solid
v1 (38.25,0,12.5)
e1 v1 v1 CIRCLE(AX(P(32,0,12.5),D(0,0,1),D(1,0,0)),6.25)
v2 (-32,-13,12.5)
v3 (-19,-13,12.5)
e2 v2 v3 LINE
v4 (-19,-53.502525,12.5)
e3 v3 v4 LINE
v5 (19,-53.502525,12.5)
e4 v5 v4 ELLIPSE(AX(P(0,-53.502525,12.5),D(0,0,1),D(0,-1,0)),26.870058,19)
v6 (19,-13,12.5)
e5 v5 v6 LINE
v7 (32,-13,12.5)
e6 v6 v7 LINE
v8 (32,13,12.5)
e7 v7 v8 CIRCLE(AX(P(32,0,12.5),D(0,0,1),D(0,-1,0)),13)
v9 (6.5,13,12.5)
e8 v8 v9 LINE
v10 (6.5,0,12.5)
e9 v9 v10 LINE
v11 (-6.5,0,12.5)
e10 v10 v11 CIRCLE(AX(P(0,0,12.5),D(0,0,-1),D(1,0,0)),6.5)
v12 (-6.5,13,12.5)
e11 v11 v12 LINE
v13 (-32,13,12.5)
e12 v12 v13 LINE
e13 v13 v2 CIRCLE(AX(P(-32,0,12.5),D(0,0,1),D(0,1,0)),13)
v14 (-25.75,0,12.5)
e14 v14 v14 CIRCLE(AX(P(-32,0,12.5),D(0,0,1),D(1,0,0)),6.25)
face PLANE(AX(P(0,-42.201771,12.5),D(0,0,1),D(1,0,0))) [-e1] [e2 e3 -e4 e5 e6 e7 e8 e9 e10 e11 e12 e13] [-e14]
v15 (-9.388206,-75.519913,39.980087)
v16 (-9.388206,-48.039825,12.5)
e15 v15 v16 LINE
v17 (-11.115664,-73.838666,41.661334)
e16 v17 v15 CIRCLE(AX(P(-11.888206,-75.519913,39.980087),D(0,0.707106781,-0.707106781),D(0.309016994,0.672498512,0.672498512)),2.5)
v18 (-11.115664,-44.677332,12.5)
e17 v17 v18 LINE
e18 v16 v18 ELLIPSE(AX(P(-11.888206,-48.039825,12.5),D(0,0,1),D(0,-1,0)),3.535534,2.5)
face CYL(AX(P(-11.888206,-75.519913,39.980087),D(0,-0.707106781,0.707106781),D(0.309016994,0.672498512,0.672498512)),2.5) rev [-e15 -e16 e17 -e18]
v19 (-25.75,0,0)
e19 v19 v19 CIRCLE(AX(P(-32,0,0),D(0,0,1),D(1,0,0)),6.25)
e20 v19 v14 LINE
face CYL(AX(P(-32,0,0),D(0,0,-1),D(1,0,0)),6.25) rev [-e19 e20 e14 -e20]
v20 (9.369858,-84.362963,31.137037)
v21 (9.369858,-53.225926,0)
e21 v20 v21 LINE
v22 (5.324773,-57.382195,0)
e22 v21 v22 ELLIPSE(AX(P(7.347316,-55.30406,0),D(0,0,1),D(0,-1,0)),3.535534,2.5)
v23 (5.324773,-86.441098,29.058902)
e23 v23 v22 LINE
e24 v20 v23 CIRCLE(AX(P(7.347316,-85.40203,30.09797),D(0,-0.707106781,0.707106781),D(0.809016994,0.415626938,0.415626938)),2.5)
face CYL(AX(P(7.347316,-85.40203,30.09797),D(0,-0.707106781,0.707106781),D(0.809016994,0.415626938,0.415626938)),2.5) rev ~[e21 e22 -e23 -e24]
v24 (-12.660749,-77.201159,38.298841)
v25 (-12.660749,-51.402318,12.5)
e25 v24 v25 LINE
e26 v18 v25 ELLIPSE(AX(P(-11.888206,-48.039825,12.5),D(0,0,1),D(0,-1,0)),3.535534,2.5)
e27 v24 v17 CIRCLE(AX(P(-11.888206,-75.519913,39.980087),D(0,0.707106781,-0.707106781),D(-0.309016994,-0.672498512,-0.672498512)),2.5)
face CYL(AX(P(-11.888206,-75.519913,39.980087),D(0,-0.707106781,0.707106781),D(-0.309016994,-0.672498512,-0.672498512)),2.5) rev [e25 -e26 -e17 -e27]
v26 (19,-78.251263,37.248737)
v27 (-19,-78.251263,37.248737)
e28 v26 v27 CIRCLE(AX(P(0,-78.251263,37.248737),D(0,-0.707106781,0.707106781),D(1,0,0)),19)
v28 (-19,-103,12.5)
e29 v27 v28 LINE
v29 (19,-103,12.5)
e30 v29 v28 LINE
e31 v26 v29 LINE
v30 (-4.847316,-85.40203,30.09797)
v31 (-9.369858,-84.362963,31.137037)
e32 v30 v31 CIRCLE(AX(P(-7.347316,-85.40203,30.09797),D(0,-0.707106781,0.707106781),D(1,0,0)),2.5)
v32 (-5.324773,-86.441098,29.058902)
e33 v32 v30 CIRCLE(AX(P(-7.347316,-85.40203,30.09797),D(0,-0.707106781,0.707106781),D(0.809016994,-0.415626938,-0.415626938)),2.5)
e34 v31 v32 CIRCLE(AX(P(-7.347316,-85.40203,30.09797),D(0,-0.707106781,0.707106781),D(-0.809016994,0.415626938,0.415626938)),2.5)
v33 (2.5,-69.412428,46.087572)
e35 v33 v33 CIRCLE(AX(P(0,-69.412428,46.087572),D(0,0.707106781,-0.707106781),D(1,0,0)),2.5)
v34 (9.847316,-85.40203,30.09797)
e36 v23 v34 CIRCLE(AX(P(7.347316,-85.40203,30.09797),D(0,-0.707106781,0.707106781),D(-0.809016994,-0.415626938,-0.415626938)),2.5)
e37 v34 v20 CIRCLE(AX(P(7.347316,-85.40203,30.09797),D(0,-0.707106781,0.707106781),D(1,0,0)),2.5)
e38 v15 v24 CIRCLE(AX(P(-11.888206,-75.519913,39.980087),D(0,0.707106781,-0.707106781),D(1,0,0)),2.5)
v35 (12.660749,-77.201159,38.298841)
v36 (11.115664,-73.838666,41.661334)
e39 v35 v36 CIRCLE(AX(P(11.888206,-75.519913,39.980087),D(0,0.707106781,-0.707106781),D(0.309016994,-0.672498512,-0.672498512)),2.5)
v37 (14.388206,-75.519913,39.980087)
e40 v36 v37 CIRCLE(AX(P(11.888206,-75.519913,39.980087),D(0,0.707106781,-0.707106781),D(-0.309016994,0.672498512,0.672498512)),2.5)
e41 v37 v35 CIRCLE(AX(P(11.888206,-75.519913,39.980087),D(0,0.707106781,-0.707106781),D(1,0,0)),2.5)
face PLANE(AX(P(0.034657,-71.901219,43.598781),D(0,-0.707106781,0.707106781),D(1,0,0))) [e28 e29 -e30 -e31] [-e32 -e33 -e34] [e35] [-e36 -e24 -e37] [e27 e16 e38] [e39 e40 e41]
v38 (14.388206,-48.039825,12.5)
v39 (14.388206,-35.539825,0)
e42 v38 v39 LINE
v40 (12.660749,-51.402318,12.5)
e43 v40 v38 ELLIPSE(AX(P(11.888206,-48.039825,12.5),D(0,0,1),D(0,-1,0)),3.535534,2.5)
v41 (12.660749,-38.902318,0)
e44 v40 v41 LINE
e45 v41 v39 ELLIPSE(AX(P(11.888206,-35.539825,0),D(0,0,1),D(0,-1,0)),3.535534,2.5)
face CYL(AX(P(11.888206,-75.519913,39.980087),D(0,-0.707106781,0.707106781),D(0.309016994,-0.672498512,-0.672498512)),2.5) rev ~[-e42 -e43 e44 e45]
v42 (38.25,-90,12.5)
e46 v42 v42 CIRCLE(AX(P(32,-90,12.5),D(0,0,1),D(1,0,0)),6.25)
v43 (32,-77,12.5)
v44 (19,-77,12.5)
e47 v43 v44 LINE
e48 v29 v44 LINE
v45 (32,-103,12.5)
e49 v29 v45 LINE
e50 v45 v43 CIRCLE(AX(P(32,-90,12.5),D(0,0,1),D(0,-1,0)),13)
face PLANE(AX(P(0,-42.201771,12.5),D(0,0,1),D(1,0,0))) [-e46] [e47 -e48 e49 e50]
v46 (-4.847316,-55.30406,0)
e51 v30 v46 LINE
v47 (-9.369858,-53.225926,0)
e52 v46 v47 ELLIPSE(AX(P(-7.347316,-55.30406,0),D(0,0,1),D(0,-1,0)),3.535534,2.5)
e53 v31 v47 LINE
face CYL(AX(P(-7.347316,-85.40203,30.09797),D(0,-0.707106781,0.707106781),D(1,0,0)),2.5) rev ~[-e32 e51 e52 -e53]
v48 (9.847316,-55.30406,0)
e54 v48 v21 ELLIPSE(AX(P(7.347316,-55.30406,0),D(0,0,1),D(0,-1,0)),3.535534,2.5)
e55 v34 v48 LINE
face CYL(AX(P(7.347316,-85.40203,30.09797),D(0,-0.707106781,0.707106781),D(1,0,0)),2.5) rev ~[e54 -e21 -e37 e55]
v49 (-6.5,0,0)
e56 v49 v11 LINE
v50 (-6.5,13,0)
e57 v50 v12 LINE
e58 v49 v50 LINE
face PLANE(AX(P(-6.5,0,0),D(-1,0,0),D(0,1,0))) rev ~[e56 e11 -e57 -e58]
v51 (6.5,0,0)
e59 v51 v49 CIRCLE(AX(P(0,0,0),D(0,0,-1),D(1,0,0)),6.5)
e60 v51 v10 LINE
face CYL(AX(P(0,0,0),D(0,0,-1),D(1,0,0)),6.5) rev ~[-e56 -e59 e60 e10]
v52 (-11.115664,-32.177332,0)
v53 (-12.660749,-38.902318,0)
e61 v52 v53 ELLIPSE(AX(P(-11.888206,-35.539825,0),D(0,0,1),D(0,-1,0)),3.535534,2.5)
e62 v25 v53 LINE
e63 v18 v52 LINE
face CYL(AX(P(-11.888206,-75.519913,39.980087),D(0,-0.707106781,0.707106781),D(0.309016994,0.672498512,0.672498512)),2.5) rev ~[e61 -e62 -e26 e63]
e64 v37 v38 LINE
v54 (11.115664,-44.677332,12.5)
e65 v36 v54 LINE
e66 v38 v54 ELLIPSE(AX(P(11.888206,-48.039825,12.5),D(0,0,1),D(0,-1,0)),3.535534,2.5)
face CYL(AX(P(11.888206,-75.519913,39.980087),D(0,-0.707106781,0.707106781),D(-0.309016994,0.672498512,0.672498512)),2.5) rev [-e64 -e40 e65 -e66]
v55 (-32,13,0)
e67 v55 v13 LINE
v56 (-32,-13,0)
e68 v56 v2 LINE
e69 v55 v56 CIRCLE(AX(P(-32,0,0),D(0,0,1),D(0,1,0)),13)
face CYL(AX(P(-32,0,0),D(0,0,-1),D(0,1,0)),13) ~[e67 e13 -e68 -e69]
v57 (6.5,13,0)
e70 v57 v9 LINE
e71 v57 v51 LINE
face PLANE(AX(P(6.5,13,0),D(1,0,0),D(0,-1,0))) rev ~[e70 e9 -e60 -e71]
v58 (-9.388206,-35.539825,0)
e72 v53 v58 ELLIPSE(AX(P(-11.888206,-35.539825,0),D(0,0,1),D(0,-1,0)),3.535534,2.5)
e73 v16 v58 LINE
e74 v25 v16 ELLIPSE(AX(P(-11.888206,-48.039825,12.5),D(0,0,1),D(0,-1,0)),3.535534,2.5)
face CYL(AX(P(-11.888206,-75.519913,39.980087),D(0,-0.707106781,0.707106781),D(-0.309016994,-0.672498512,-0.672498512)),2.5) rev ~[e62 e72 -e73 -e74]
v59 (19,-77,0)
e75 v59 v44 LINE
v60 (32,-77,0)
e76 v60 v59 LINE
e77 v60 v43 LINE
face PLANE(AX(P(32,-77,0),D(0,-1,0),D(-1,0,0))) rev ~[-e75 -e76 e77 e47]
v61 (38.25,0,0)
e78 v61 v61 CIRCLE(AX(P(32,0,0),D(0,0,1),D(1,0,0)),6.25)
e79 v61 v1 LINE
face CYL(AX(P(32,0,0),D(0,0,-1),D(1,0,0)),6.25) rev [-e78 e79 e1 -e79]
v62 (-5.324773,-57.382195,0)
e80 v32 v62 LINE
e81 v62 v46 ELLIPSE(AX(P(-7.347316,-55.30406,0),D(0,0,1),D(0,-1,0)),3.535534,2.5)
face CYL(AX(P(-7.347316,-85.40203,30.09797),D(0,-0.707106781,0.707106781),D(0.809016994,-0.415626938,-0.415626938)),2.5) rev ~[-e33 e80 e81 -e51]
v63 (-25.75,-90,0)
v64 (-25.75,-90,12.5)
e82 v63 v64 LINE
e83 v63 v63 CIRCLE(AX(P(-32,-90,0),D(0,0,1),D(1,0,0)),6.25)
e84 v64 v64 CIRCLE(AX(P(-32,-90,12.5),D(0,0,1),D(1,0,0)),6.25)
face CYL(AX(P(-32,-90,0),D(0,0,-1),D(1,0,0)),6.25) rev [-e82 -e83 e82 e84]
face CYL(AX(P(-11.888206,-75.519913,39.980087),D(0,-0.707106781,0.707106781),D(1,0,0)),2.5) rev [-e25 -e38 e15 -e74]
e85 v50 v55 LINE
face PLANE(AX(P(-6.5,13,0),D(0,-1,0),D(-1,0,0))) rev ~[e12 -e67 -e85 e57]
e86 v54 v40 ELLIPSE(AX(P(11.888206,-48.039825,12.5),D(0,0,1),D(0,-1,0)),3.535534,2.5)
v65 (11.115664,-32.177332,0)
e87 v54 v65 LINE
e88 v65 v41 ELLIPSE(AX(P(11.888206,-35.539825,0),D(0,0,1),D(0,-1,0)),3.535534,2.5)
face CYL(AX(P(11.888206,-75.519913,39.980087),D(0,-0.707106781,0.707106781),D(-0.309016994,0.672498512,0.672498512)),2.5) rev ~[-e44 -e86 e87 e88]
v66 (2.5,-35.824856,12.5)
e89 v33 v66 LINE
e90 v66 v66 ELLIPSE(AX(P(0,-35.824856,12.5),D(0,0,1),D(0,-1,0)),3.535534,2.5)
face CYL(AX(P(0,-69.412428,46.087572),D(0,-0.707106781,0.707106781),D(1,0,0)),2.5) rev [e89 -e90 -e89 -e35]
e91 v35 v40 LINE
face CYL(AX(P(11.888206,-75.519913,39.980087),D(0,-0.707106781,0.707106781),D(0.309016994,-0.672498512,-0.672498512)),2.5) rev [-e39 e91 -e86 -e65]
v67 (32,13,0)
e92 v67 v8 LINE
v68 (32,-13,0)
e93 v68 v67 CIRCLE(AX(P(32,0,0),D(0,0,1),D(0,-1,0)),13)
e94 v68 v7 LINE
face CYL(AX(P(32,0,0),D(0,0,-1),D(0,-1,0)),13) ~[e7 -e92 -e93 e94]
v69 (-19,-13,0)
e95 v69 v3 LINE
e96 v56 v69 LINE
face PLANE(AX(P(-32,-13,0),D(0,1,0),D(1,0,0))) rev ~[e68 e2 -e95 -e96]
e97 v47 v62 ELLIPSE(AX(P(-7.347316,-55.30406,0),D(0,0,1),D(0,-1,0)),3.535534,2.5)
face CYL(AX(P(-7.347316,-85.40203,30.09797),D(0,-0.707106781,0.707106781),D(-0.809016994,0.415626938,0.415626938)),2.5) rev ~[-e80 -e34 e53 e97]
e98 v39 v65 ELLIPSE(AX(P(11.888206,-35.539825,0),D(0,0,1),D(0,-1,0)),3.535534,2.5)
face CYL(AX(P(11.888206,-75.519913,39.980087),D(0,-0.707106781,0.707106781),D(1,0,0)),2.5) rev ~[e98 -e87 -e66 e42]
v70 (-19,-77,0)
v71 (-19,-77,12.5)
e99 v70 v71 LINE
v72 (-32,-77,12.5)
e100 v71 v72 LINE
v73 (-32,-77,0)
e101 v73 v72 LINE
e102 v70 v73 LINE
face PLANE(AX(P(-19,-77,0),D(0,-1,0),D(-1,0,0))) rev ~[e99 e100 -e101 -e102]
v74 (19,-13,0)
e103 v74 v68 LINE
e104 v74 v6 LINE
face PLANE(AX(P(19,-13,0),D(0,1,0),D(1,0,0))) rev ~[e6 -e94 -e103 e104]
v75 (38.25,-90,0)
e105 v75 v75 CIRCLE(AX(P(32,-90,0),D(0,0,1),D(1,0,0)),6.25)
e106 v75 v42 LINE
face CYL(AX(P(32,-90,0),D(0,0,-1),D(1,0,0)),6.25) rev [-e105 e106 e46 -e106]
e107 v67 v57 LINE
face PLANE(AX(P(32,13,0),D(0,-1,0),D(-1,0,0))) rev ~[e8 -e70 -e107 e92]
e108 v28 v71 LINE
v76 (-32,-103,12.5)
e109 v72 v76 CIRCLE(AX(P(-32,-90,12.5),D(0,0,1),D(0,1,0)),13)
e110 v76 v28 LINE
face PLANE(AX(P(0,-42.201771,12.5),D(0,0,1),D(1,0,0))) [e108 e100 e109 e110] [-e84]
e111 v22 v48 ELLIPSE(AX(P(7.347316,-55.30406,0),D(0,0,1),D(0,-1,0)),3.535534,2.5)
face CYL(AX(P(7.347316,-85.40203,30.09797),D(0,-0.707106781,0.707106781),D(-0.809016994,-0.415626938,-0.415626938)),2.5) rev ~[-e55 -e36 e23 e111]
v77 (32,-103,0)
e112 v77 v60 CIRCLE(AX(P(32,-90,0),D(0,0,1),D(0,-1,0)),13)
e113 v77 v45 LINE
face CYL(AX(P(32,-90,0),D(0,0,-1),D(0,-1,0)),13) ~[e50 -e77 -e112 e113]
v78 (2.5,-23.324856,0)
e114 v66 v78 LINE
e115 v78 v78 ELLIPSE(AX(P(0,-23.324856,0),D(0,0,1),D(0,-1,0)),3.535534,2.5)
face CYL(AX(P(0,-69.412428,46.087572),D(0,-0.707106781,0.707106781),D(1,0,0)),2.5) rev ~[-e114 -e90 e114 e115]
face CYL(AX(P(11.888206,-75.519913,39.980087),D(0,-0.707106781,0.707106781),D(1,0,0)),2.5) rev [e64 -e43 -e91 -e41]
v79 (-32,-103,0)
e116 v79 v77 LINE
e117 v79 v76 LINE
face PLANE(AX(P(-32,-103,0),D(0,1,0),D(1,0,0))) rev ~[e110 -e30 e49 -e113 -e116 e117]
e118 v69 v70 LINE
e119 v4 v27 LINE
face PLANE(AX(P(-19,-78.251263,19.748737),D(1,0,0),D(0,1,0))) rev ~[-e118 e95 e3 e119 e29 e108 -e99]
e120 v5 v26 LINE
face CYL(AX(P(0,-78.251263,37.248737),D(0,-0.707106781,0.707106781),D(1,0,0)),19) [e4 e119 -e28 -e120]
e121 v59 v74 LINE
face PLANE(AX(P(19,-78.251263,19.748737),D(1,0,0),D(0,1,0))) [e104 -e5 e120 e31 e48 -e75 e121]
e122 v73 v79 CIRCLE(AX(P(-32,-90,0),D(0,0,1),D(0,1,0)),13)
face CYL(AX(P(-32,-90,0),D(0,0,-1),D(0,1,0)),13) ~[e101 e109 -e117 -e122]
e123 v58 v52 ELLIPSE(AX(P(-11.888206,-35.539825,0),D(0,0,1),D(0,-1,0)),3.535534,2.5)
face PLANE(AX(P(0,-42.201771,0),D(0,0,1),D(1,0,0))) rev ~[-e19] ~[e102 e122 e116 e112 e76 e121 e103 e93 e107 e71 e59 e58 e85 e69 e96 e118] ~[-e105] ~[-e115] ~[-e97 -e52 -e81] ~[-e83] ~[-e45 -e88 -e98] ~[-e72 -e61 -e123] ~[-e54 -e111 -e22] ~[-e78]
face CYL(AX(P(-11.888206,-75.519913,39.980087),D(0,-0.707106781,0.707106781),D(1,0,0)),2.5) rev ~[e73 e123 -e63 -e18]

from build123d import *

# Parameters (mm, degrees)
F0_R     = 6.25
F1_DEPTH = 12.5
F3_DEPTH = 19
F6_DEPTH = 90.8642213825


with BuildPart() as f1:
    # F0 (on Top) → F1 (new body)
    with BuildSketch(Plane.XY):
        with BuildLine():
            ThreePointArc((6.5, 0), (0, -6.5), (-6.5, 0))
            Line((-6.5, 0), (-6.5, 13))
            Line((-6.5, 13), (-32, 13))
            ThreePointArc((-32, 13), (-45, 0), (-32, -13))
            Line((-32, -13), (-19, -13))
            Line((-19, -13), (-19, -77))
            Line((-19, -77), (-32, -77))
            ThreePointArc((-32, -77), (-45, -90), (-32, -103))
            Line((-32, -103), (32, -103))
            ThreePointArc((32, -103), (45, -90), (32, -77))
            Line((32, -77), (19, -77))
            Line((19, -77), (19, -13))
            Line((19, -13), (32, -13))
            ThreePointArc((32, -13), (45, 0), (32, 13))
            Line((32, 13), (6.5, 13))
            Line((6.5, 13), (6.5, 0))
        make_face()
        with Locations((-32, -90)):
            Circle(F0_R, mode=Mode.SUBTRACT)
        with Locations((32, -90)):
            Circle(F0_R, mode=Mode.SUBTRACT)
        with Locations((-32, 0)):
            Circle(F0_R, mode=Mode.SUBTRACT)
        with Locations((32, 0)):
            Circle(F0_R, mode=Mode.SUBTRACT)
    extrude(amount=F1_DEPTH)

    # F2 (on Right) → F3 (join, symmetric)
    with BuildSketch(Plane.YZ):
        Polygon((-103, 12.5), (-77, 12.5), (-53.5025253169, 12.5), (-78.2512626585, 37.2487373415), align=None)
    extrude(amount=F3_DEPTH, both=True)

    # F4 (on face) → F5 (join, up to the next surface of F1)
    with BuildSketch(Plane(origin=(0, -57.75, 57.75), x_dir=(1, 0, 0), z_dir=(0, -0.7071067812, 0.7071067812))):
        with BuildLine():
            ThreePointArc((19, -28.9931636974), (0, -9.9931636974), (-19, -28.9931636974))
            Line((-19, -28.9931636974), (-13.143277803, -28.9931636974))
            Line((-13.143277803, -28.9931636974), (-12.6607489396, -27.5080925584))
            ThreePointArc((-12.6607489396, -27.5080925584), (-14.2658477444, -24.3579087818), (-11.1156639678, -22.752809977))
            Line((-11.1156639678, -22.752809977), (-9.0817816001, -16.4931636974))
            Line((-9.0817816001, -16.4931636974), (-2.5, -16.4931636974))
            ThreePointArc((-2.5, -16.4931636974), (0, -13.9931636974), (2.5, -16.4931636974))
            Line((2.5, -16.4931636974), (9.0817816001, -16.4931636974))
            Line((9.0817816001, -16.4931636974), (11.1156639678, -22.752809977))
            ThreePointArc((11.1156639678, -22.752809977), (13.3576695844, -23.1079087818), (14.3882064537, -25.1304512677))
            ThreePointArc((14.3882064537, -25.1304512677), (13.9107489396, -26.5999143984), (12.6607489396, -27.5080925584))
            Line((12.6607489396, -27.5080925584), (13.143277803, -28.9931636974))
            Line((13.143277803, -28.9931636974), (19, -28.9931636974))
        make_face()
        with BuildLine():
            Line((-12.6607489396, -27.5080925584), (-13.143277803, -28.9931636974))
            Line((-13.143277803, -28.9931636974), (-7.5, -28.9931636974))
            ThreePointArc((-7.5, -28.9931636974), (0, -21.4931636974), (7.5, -28.9931636974))
            Line((7.5, -28.9931636974), (13.143277803, -28.9931636974))
            Line((13.143277803, -28.9931636974), (12.6607489396, -27.5080925584))
            ThreePointArc((12.6607489396, -27.5080925584), (9.510565163, -25.9029937536), (11.1156639678, -22.752809977))
            Line((11.1156639678, -22.752809977), (9.0817816001, -16.4931636974))
            Line((9.0817816001, -16.4931636974), (2.5, -16.4931636974))
            ThreePointArc((2.5, -16.4931636974), (0, -18.9931636974), (-2.5, -16.4931636974))
            Line((-2.5, -16.4931636974), (-9.0817816001, -16.4931636974))
            Line((-9.0817816001, -16.4931636974), (-11.1156639678, -22.752809977))
            ThreePointArc((-11.1156639678, -22.752809977), (-9.8656639678, -23.660988137), (-9.3882064537, -25.1304512677))
            ThreePointArc((-9.3882064537, -25.1304512677), (-10.418743323, -27.1529937536), (-12.6607489396, -27.5080925584))
        make_face()
        with BuildLine():
            ThreePointArc((7.5, -28.9931636974), (0, -21.4931636974), (-7.5, -28.9931636974))
            Line((-7.5, -28.9931636974), (7.5, -28.9931636974))
        make_face()
    extrude(until=Until.NEXT, dir=(0, 0.7071067812, -0.7071067812))

    # F4 (on face) → F6 (cut, through all)
    with BuildSketch(Plane(origin=(0, -57.75, 57.75), x_dir=(1, 0, 0), z_dir=(0, -0.7071067812, 0.7071067812))):
        with BuildLine():
            Line((2.5, -16.4931636974), (-2.5, -16.4931636974))
            ThreePointArc((-2.5, -16.4931636974), (0, -18.9931636974), (2.5, -16.4931636974))
        make_face()
        with BuildLine():
            ThreePointArc((2.5, -16.4931636974), (0, -13.9931636974), (-2.5, -16.4931636974))
            Line((-2.5, -16.4931636974), (2.5, -16.4931636974))
        make_face()
        with BuildLine():
            Line((11.1156639678, -22.752809977), (12.6607489396, -27.5080925584))
            ThreePointArc((12.6607489396, -27.5080925584), (13.9107489396, -26.5999143984), (14.3882064537, -25.1304512677))
            ThreePointArc((14.3882064537, -25.1304512677), (13.3576695844, -23.1079087818), (11.1156639678, -22.752809977))
        make_face()
        with BuildLine():
            ThreePointArc((11.1156639678, -22.752809977), (9.510565163, -25.9029937536), (12.6607489396, -27.5080925584))
            Line((12.6607489396, -27.5080925584), (11.1156639678, -22.752809977))
        make_face()
        with BuildLine():
            ThreePointArc((-11.1156639678, -22.752809977), (-14.2658477444, -24.3579087818), (-12.6607489396, -27.5080925584))
            Line((-12.6607489396, -27.5080925584), (-11.1156639678, -22.752809977))
        make_face()
        with BuildLine():
            Line((-11.1156639678, -22.752809977), (-12.6607489396, -27.5080925584))
            ThreePointArc((-12.6607489396, -27.5080925584), (-10.418743323, -27.1529937536), (-9.3882064537, -25.1304512677))
            ThreePointArc((-9.3882064537, -25.1304512677), (-9.8656639678, -23.660988137), (-11.1156639678, -22.752809977))
        make_face()
        with BuildLine():
            Line((-5.3247731677, -40.5753392578), (-9.3698581396, -37.6364129963))
            ThreePointArc((-9.3698581396, -37.6364129963), (-8.8167787844, -41.128418613), (-5.3247731677, -40.5753392578))
        make_face()
        with BuildLine():
            ThreePointArc((-4.8473156537, -39.1058761271), (-6.5747731677, -36.7282348363), (-9.3698581396, -37.6364129963))
            Line((-9.3698581396, -37.6364129963), (-5.3247731677, -40.5753392578))
            ThreePointArc((-5.3247731677, -40.5753392578), (-4.9696743629, -39.878418613), (-4.8473156537, -39.1058761271))
        make_face()
        with BuildLine():
            ThreePointArc((9.8473156537, -39.1058761271), (9.7249569444, -38.3333336411), (9.3698581396, -37.6364129963))
            Line((9.3698581396, -37.6364129963), (5.3247731677, -40.5753392578))
            ThreePointArc((5.3247731677, -40.5753392578), (8.1198581396, -41.4835174178), (9.8473156537, -39.1058761271))
        make_face()
        with BuildLine():
            Line((5.3247731677, -40.5753392578), (9.3698581396, -37.6364129963))
            ThreePointArc((9.3698581396, -37.6364129963), (5.8778525229, -37.0833336411), (5.3247731677, -40.5753392578))
        make_face()
    extrude(amount=-F6_DEPTH, mode=Mode.SUBTRACT)


solid = f1.part
